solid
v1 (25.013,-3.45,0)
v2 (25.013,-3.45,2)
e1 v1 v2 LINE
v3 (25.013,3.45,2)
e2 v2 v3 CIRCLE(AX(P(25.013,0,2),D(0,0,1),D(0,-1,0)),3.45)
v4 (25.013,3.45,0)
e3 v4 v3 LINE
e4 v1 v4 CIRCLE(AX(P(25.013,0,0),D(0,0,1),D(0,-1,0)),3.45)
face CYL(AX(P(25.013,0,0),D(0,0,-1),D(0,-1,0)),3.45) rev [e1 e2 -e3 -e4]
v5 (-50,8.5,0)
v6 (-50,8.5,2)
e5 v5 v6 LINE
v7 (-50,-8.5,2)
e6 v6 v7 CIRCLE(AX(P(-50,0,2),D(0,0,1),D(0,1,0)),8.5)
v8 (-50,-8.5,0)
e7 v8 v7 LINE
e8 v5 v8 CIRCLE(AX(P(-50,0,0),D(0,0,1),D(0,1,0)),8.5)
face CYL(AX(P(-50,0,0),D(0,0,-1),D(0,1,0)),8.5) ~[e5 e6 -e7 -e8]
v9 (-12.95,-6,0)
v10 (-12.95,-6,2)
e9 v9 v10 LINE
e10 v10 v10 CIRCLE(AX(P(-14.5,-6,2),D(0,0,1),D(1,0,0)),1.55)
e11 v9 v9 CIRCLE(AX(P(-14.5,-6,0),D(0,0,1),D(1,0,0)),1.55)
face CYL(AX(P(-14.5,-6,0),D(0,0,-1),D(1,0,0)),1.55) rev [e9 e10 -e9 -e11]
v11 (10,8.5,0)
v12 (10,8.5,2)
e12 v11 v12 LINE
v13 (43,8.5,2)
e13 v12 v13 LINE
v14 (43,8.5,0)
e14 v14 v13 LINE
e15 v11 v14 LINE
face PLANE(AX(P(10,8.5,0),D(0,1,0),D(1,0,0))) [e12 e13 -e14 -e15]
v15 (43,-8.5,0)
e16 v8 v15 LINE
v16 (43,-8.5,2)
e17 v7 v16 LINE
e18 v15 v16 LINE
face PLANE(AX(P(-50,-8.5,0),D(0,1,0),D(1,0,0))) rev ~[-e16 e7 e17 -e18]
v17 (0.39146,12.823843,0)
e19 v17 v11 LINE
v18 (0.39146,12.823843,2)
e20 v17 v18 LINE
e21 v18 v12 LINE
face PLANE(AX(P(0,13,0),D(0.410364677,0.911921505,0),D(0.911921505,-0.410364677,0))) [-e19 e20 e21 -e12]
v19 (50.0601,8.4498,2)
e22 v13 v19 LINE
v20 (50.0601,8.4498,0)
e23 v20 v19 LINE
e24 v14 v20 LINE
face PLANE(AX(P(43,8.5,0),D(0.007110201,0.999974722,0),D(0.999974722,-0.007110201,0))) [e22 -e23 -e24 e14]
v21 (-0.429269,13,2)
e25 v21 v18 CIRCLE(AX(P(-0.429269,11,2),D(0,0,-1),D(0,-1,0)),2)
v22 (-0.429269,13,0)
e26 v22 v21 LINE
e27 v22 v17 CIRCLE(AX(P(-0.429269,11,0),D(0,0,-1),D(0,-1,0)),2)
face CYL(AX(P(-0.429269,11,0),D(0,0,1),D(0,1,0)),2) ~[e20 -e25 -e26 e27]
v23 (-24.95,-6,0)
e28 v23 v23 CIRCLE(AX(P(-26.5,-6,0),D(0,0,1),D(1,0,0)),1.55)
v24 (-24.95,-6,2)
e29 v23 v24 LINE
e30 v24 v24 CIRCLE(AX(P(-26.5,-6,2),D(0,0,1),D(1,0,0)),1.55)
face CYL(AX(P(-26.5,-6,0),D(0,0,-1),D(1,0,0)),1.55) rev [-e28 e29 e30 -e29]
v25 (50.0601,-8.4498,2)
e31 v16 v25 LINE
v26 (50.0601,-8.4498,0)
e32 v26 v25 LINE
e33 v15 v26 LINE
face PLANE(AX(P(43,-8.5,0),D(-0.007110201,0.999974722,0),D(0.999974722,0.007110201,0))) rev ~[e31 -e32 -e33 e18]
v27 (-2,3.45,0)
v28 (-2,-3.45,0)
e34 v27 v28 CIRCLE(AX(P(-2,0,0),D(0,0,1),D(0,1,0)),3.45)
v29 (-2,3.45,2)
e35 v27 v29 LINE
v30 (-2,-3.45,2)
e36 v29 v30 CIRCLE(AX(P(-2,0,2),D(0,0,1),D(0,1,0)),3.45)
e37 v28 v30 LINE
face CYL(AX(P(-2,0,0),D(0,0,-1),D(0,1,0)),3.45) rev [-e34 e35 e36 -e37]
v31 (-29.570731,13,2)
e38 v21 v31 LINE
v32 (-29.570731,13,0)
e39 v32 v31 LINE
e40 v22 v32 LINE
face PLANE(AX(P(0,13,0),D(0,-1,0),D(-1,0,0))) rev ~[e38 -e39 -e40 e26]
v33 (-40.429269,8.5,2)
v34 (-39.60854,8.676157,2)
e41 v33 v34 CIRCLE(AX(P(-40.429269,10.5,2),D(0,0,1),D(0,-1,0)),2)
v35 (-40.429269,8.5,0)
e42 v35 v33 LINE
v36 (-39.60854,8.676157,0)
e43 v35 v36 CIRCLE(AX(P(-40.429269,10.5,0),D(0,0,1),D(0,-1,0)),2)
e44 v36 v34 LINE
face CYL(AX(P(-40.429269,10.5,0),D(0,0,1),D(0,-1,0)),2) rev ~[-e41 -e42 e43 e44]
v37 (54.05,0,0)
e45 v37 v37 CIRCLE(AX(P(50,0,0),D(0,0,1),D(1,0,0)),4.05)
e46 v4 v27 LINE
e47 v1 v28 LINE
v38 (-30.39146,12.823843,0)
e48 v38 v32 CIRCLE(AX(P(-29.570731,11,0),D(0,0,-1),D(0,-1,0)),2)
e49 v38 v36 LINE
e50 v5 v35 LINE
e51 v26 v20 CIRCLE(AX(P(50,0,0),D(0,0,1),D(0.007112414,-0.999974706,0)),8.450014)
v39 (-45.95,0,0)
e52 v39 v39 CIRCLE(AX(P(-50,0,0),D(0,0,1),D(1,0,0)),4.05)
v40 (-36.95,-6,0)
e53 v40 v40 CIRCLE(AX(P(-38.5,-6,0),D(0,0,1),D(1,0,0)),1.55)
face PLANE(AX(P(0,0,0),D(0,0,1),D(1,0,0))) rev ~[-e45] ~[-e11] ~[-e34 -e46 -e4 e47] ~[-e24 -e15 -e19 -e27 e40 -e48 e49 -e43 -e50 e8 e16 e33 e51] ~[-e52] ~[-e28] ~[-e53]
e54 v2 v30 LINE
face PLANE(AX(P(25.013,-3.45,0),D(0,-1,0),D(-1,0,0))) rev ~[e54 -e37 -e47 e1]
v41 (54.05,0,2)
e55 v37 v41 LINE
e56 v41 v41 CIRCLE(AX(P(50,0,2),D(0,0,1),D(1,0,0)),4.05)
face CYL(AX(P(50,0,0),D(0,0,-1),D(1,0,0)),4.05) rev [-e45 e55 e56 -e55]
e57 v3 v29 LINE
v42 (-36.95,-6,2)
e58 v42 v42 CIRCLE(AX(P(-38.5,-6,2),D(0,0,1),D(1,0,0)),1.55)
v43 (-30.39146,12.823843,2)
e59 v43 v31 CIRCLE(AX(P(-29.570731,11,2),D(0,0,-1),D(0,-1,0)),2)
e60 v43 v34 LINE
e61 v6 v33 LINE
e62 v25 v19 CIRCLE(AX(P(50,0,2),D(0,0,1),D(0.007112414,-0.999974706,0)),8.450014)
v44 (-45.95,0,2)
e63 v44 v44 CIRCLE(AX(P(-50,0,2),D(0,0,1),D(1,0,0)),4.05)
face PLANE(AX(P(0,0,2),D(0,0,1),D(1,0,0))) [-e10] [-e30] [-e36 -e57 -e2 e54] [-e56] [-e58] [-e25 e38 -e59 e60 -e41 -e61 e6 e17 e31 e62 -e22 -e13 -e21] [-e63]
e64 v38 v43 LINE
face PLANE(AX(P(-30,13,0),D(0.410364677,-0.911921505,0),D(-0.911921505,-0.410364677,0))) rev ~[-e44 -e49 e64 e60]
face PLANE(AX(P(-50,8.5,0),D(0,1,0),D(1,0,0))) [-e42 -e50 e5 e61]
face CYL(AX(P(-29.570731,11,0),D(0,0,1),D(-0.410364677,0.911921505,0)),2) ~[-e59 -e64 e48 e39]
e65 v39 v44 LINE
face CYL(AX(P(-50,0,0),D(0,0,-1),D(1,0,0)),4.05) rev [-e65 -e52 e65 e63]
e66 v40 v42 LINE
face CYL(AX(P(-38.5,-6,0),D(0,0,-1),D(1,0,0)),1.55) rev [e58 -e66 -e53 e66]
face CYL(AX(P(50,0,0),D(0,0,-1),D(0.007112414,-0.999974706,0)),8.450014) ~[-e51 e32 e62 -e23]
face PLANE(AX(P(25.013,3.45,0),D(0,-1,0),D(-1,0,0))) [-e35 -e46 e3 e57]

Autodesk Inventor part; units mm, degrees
ref_plane "YZ Plane" through (0, 0, 0) normal (1, 0, 0) x (0, 1, 0)
ref_plane "XZ Plane" through (0, 0, 0) normal (0, 1, 0) x (-1, 0, 0)
ref_plane "XY Plane" through (0, 0, 0) normal (0, 0, 1) x (1, 0, 0)
sketch "スケッチ1" plane through (0, 0, 0) normal (0, 0, 1) x (1, 0, 0)
  line L0 (-50, 0) -> (50, 0) construction
  circle A0 centre (-50, 0) radius 4.05
  circle A1 centre (50, 0) radius 4.05
  line L1 (-50, 8.5) -> (43, 8.5)
  line L2 (-50, -8.5) -> (43, -8.5)
  arc A2 (-50, 8.5) -> (-50, -8.5) centre (-50, 0) ccw
  arc A3 (25.013, -3.45) -> (25.013, 3.45) centre (25.013, 0) ccw
  line L3 (25.013, -3.45) -> (-2, -3.45)
  line L4 (25.013, 3.45) -> (-2, 3.45)
  arc A4 (-2, 3.45) -> (-2, -3.45) centre (-2, 0) ccw
  line L5 (43, -8.5) -> (50.0601, -8.4498)
  line L6 (43, 8.5) -> (50.0601, 8.4498)
  arc A5 (50.0601, -8.4498) -> (50.0601, 8.4498) centre (50, 0) ccw
  line L7 (-41, -8.5) -> (-12, -8.5) construction
  line L8 (-12, -8.5) -> (-12, -3.5) construction
  line L9 (-12, -3.5) -> (-41, -3.5) construction
  line L10 (-41, -3.5) -> (-41, -8.5) construction
  line L11 (-41, -6) -> (-12, -6) construction
  circle A6 centre (-26.5, -6) radius 1.55
  circle A7 centre (-38.5, -6) radius 1.55
  circle A8 centre (-14.5, -6) radius 1.55
  line L12 (-26.5, -6) -> (-26.5, -3.5) construction
  line L13 (0, 13) -> (-30, 13)
  line L14 (-30, 13) -> (-40, 8.5)
  line L15 (0, 13) -> (10, 8.5)
  point P0 (0, 0)
  point P1 (0, 0)
  dimension "d0" = 100
  dimension "d1" = 8.1
  dimension "d2" = 8.5
  dimension "d5" = 3.45
  dimension "d7" = 52
  dimension "d8" = 8.1
  dimension "d9" = 7
  dimension "d10" = 8.45
  dimension "d11" = 27.013
  dimension "d12" = 5
  dimension "d13" = 29
  dimension "d14" = 3.1
  dimension "d15" = 2.5
  dimension "d16" = 9
  dimension "d17" = 13
  dimension "d19" = 10
  dimension "d20" = 30
  dimension "d22" = 10
  dimension "d23" = 40
  dimension "d24" = 0
extrude "押し出し1" add sketch "スケッチ1" along normal blind 2
fillet "フィレット1" radius 2 4 edges at (-40, 8.5, 1) (-30, 13, 1) (0, 13, 1) (43, 8.5, 1)
equation "\"d7\" = 2 * d28"
equation "\"d8\" = d1"
equation "\"d11\" = d39"
equation "\"d19\" = d18"
equation "\"d22\" = d19"
equation "\"d28\" = 26"
equation "\"d39\" = 27.012989"
equation "\"d18\" = 10"
properties part number "rinnku" material "GFRP"
